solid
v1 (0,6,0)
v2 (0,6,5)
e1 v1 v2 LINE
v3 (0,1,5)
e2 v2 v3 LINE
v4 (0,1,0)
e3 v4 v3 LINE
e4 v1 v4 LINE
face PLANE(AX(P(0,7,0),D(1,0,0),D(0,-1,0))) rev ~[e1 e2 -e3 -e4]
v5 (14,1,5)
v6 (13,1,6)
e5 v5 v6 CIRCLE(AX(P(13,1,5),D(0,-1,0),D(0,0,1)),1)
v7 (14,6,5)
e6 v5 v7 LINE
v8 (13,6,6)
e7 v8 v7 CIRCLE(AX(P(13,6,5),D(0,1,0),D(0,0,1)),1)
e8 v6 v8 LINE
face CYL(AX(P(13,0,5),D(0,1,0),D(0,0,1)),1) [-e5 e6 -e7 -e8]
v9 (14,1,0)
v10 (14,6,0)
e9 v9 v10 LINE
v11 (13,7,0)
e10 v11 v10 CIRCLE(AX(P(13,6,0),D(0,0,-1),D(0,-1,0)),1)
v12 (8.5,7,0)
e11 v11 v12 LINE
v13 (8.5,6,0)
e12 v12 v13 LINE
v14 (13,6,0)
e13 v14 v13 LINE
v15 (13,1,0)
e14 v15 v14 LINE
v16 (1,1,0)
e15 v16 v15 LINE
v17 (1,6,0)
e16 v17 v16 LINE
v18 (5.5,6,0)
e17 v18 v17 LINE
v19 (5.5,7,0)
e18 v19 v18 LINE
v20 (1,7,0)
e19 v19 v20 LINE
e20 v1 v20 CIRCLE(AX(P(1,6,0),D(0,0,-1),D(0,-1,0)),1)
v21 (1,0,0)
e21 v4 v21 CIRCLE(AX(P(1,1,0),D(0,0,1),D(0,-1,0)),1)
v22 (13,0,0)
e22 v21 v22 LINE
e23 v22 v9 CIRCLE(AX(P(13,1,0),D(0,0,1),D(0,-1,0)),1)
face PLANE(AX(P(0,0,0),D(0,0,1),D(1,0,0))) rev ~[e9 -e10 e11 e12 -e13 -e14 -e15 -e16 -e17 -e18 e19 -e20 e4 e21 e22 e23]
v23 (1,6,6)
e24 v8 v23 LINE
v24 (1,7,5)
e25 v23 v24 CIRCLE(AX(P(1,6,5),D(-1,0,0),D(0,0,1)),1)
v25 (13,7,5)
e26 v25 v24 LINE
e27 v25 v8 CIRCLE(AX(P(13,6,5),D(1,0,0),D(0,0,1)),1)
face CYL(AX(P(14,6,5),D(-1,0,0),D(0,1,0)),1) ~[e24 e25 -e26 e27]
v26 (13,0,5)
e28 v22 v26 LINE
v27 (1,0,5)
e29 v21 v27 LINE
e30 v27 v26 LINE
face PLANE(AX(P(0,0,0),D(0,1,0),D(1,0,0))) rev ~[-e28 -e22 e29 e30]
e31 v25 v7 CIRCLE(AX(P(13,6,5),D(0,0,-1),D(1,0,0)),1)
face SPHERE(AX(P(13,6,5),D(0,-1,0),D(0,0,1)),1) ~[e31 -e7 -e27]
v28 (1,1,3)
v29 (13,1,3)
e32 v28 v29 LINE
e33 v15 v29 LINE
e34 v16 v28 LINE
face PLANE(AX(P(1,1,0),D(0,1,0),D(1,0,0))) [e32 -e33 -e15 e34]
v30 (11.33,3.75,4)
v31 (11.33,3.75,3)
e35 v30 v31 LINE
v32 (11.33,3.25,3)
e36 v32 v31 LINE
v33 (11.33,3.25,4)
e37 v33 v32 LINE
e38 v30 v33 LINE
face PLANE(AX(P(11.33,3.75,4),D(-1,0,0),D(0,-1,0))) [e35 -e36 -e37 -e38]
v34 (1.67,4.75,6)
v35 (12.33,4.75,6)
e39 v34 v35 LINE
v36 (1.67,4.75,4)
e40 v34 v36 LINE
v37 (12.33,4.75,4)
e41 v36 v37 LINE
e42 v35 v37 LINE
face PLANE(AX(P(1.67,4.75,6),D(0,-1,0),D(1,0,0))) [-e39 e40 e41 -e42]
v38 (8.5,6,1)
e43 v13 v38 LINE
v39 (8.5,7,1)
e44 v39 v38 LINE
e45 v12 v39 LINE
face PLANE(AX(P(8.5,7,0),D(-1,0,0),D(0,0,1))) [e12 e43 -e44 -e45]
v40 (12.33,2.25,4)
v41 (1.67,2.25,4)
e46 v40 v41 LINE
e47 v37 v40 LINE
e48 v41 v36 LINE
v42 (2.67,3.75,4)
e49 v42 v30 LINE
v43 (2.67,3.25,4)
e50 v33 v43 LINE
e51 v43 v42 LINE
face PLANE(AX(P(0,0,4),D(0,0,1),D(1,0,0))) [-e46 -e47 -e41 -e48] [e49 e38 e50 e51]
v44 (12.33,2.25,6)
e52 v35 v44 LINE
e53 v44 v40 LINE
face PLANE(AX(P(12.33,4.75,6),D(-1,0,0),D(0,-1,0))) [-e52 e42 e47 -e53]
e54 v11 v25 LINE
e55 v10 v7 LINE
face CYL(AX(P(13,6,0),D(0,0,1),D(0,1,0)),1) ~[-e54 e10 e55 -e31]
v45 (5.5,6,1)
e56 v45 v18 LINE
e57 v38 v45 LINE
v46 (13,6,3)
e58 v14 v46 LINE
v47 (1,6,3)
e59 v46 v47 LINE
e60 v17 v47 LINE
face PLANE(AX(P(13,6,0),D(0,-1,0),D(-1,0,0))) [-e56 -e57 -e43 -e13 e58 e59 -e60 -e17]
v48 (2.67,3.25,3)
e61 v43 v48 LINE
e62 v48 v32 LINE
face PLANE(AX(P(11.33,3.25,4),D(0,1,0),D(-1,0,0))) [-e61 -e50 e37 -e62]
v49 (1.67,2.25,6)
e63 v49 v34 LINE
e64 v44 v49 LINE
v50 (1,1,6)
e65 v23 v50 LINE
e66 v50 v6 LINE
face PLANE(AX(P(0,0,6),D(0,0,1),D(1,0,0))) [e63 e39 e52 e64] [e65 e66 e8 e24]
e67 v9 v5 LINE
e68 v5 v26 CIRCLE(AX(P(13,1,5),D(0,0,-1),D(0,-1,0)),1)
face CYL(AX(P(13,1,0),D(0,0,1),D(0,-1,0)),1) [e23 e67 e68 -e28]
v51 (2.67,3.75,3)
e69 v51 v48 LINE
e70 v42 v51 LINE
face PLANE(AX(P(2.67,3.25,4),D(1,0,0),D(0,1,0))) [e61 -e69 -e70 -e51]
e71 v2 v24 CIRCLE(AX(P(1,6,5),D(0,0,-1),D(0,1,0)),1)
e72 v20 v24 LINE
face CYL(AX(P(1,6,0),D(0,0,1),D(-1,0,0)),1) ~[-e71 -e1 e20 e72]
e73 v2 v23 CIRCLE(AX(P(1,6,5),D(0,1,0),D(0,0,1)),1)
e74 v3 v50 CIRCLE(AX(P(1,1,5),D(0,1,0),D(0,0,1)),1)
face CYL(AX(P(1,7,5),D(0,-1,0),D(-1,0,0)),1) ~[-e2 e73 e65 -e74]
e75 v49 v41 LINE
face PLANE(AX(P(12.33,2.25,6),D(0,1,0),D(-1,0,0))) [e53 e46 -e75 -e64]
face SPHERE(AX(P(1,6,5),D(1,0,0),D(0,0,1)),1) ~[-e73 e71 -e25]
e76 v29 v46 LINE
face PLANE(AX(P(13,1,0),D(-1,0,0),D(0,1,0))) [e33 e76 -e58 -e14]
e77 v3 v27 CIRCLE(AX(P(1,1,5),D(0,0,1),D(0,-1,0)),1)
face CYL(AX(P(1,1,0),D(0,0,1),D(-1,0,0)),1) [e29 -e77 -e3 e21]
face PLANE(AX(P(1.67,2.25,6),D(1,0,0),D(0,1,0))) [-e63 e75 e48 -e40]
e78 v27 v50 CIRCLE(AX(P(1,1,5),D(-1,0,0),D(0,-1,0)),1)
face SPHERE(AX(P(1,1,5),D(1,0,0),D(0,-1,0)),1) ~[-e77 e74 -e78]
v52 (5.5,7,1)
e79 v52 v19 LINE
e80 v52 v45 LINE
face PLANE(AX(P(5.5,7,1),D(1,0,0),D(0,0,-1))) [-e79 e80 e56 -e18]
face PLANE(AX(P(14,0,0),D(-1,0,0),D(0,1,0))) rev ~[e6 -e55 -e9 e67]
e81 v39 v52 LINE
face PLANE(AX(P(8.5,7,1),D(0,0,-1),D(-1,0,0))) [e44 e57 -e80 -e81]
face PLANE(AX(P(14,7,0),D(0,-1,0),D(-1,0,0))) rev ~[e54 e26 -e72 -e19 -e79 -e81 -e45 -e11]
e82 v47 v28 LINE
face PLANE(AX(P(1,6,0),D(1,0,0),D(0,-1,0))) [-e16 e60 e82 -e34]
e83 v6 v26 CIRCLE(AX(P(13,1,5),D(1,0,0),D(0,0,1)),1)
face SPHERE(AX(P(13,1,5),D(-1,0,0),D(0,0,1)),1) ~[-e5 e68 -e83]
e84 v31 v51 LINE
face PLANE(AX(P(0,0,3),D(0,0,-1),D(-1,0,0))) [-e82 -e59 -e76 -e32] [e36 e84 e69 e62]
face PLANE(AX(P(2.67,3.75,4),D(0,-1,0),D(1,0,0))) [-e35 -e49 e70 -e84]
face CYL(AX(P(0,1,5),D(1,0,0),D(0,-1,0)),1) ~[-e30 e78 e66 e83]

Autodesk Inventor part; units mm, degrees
ref_plane "YZ Plane" through (0, 0, 0) normal (1, 0, 0) x (0, 1, 0)
ref_plane "XZ Plane" through (0, 0, 0) normal (0, 1, 0) x (-1, 0, 0)
ref_plane "XY Plane" through (0, 0, 0) normal (0, 0, 1) x (1, 0, 0)
sketch "Sketch1" plane through (0, 0, 0) normal (0, 0, 1) x (1, 0, 0)
  line L0 (0, 0) -> (14, 0)
  line L1 (14, 0) -> (14, 7)
  line L2 (14, 7) -> (0, 7)
  line L3 (0, 7) -> (0, 0)
  dimension "d2" = 14
  dimension "d3" = 7
extrude "Extrusion1" add sketch "Sketch1" along normal blind 6
sketch "Sketch2" plane through (0, 0, 6) normal (0, 0, 1) x (1, 0, 0)
  line L0 (0, 7) -> (14, 0) construction
  line L1 (0, 0) -> (14, 7) construction
  line L2 (1.67, 4.75) -> (12.33, 4.75)
  line L3 (12.33, 4.75) -> (12.33, 2.25)
  line L4 (12.33, 2.25) -> (1.67, 2.25)
  line L5 (1.67, 2.25) -> (1.67, 4.75)
  line L6 (1.67, 4.75) -> (12.33, 2.25) construction
  line L7 (12.33, 4.75) -> (1.67, 2.25) construction
  point P0 (7, 3.5)
  dimension "d4" = 2.5
  dimension "d5" = 10.66
extrude "Extrusion3" cut sketch "Sketch2" against normal blind 2
sketch "Sketch3" plane through (0, 0, 4) normal (0, 0, 1) x (1, 0, 0)
  line L0 (1.67, 4.75) -> (12.33, 4.75) projected
  line L1 (1.67, 2.25) -> (1.67, 4.75) projected
  line L2 (12.33, 2.25) -> (1.67, 2.25) projected
  line L3 (12.33, 4.75) -> (12.33, 2.25) projected
  line L4 (2.67, 3.75) -> (11.33, 3.75)
  line L5 (11.33, 3.75) -> (11.33, 3.25)
  line L6 (11.33, 3.25) -> (2.67, 3.25)
  line L7 (2.67, 3.25) -> (2.67, 3.75)
  point P0 (0, 0)
  dimension "d10" = 1
  dimension "d11" = 1
  dimension "d12" = 1
  dimension "d13" = 1
extrude "Extrusion4" cut sketch "Sketch3" against normal blind 4 contours L4 L5 L6 L7
sketch "Sketch4" plane through (0, 0, 0) normal (0, 0, -1) x (-1, 0, 0)
  line L0 (-2.67, 3.75) -> (-2.67, 3.25) projected
  line L1 (-2.67, 3.25) -> (-11.33, 3.25) projected
  line L2 (-11.33, 3.25) -> (-11.33, 3.75) projected
  line L3 (-11.33, 3.75) -> (-2.67, 3.75) projected
  line L4 (0, 0) -> (-14, 0) projected
  line L5 (0, 7) -> (0, 0) projected
  line L6 (-14, 7) -> (0, 7) projected
  line L7 (-14, 0) -> (-14, 7) projected
  line L8 (-13, 6) -> (-1, 6)
  line L9 (-1, 6) -> (-1, 1)
  line L10 (-1, 1) -> (-13, 1)
  line L11 (-13, 1) -> (-13, 6)
  dimension "d16" = 1
  dimension "d17" = 1
  dimension "d18" = 1
  dimension "d19" = 1
extrude "Extrusion5" cut sketch "Sketch4" against normal blind 3 contours L8 L9 L10 L11
sketch "Sketch5" plane through (0, 7, 0) normal (0, 1, 0) x (1, 0, 0)
  line L0 (14, 0) -> (0, 0) projected
  line L1 (0, 0) -> (0, -6) projected
  line L2 (14, 0) -> (14, -6) projected
  line L3 (5.5, 0) -> (8.5, 0)
  line L4 (8.5, 0) -> (8.5, -1)
  line L5 (8.5, -1) -> (5.5, -1)
  line L6 (5.5, -1) -> (5.5, 0)
  dimension "d22" = 1
  dimension "d23" = 5.5
  dimension "d24" = 5.5
  dimension "d25" = 3
extrude "Extrusion6" cut sketch "Sketch5" against normal blind 1
fillet "Fillet1" radius 1 8 edges at (7, 0, 6) (14, 3.5, 6) (14, 0, 3) (7, 7, 6) (14, 7, 3) (0, 0, 3) (0, 3.5, 6) (0, 7, 3)
properties part number "cover" material "Titanium"
